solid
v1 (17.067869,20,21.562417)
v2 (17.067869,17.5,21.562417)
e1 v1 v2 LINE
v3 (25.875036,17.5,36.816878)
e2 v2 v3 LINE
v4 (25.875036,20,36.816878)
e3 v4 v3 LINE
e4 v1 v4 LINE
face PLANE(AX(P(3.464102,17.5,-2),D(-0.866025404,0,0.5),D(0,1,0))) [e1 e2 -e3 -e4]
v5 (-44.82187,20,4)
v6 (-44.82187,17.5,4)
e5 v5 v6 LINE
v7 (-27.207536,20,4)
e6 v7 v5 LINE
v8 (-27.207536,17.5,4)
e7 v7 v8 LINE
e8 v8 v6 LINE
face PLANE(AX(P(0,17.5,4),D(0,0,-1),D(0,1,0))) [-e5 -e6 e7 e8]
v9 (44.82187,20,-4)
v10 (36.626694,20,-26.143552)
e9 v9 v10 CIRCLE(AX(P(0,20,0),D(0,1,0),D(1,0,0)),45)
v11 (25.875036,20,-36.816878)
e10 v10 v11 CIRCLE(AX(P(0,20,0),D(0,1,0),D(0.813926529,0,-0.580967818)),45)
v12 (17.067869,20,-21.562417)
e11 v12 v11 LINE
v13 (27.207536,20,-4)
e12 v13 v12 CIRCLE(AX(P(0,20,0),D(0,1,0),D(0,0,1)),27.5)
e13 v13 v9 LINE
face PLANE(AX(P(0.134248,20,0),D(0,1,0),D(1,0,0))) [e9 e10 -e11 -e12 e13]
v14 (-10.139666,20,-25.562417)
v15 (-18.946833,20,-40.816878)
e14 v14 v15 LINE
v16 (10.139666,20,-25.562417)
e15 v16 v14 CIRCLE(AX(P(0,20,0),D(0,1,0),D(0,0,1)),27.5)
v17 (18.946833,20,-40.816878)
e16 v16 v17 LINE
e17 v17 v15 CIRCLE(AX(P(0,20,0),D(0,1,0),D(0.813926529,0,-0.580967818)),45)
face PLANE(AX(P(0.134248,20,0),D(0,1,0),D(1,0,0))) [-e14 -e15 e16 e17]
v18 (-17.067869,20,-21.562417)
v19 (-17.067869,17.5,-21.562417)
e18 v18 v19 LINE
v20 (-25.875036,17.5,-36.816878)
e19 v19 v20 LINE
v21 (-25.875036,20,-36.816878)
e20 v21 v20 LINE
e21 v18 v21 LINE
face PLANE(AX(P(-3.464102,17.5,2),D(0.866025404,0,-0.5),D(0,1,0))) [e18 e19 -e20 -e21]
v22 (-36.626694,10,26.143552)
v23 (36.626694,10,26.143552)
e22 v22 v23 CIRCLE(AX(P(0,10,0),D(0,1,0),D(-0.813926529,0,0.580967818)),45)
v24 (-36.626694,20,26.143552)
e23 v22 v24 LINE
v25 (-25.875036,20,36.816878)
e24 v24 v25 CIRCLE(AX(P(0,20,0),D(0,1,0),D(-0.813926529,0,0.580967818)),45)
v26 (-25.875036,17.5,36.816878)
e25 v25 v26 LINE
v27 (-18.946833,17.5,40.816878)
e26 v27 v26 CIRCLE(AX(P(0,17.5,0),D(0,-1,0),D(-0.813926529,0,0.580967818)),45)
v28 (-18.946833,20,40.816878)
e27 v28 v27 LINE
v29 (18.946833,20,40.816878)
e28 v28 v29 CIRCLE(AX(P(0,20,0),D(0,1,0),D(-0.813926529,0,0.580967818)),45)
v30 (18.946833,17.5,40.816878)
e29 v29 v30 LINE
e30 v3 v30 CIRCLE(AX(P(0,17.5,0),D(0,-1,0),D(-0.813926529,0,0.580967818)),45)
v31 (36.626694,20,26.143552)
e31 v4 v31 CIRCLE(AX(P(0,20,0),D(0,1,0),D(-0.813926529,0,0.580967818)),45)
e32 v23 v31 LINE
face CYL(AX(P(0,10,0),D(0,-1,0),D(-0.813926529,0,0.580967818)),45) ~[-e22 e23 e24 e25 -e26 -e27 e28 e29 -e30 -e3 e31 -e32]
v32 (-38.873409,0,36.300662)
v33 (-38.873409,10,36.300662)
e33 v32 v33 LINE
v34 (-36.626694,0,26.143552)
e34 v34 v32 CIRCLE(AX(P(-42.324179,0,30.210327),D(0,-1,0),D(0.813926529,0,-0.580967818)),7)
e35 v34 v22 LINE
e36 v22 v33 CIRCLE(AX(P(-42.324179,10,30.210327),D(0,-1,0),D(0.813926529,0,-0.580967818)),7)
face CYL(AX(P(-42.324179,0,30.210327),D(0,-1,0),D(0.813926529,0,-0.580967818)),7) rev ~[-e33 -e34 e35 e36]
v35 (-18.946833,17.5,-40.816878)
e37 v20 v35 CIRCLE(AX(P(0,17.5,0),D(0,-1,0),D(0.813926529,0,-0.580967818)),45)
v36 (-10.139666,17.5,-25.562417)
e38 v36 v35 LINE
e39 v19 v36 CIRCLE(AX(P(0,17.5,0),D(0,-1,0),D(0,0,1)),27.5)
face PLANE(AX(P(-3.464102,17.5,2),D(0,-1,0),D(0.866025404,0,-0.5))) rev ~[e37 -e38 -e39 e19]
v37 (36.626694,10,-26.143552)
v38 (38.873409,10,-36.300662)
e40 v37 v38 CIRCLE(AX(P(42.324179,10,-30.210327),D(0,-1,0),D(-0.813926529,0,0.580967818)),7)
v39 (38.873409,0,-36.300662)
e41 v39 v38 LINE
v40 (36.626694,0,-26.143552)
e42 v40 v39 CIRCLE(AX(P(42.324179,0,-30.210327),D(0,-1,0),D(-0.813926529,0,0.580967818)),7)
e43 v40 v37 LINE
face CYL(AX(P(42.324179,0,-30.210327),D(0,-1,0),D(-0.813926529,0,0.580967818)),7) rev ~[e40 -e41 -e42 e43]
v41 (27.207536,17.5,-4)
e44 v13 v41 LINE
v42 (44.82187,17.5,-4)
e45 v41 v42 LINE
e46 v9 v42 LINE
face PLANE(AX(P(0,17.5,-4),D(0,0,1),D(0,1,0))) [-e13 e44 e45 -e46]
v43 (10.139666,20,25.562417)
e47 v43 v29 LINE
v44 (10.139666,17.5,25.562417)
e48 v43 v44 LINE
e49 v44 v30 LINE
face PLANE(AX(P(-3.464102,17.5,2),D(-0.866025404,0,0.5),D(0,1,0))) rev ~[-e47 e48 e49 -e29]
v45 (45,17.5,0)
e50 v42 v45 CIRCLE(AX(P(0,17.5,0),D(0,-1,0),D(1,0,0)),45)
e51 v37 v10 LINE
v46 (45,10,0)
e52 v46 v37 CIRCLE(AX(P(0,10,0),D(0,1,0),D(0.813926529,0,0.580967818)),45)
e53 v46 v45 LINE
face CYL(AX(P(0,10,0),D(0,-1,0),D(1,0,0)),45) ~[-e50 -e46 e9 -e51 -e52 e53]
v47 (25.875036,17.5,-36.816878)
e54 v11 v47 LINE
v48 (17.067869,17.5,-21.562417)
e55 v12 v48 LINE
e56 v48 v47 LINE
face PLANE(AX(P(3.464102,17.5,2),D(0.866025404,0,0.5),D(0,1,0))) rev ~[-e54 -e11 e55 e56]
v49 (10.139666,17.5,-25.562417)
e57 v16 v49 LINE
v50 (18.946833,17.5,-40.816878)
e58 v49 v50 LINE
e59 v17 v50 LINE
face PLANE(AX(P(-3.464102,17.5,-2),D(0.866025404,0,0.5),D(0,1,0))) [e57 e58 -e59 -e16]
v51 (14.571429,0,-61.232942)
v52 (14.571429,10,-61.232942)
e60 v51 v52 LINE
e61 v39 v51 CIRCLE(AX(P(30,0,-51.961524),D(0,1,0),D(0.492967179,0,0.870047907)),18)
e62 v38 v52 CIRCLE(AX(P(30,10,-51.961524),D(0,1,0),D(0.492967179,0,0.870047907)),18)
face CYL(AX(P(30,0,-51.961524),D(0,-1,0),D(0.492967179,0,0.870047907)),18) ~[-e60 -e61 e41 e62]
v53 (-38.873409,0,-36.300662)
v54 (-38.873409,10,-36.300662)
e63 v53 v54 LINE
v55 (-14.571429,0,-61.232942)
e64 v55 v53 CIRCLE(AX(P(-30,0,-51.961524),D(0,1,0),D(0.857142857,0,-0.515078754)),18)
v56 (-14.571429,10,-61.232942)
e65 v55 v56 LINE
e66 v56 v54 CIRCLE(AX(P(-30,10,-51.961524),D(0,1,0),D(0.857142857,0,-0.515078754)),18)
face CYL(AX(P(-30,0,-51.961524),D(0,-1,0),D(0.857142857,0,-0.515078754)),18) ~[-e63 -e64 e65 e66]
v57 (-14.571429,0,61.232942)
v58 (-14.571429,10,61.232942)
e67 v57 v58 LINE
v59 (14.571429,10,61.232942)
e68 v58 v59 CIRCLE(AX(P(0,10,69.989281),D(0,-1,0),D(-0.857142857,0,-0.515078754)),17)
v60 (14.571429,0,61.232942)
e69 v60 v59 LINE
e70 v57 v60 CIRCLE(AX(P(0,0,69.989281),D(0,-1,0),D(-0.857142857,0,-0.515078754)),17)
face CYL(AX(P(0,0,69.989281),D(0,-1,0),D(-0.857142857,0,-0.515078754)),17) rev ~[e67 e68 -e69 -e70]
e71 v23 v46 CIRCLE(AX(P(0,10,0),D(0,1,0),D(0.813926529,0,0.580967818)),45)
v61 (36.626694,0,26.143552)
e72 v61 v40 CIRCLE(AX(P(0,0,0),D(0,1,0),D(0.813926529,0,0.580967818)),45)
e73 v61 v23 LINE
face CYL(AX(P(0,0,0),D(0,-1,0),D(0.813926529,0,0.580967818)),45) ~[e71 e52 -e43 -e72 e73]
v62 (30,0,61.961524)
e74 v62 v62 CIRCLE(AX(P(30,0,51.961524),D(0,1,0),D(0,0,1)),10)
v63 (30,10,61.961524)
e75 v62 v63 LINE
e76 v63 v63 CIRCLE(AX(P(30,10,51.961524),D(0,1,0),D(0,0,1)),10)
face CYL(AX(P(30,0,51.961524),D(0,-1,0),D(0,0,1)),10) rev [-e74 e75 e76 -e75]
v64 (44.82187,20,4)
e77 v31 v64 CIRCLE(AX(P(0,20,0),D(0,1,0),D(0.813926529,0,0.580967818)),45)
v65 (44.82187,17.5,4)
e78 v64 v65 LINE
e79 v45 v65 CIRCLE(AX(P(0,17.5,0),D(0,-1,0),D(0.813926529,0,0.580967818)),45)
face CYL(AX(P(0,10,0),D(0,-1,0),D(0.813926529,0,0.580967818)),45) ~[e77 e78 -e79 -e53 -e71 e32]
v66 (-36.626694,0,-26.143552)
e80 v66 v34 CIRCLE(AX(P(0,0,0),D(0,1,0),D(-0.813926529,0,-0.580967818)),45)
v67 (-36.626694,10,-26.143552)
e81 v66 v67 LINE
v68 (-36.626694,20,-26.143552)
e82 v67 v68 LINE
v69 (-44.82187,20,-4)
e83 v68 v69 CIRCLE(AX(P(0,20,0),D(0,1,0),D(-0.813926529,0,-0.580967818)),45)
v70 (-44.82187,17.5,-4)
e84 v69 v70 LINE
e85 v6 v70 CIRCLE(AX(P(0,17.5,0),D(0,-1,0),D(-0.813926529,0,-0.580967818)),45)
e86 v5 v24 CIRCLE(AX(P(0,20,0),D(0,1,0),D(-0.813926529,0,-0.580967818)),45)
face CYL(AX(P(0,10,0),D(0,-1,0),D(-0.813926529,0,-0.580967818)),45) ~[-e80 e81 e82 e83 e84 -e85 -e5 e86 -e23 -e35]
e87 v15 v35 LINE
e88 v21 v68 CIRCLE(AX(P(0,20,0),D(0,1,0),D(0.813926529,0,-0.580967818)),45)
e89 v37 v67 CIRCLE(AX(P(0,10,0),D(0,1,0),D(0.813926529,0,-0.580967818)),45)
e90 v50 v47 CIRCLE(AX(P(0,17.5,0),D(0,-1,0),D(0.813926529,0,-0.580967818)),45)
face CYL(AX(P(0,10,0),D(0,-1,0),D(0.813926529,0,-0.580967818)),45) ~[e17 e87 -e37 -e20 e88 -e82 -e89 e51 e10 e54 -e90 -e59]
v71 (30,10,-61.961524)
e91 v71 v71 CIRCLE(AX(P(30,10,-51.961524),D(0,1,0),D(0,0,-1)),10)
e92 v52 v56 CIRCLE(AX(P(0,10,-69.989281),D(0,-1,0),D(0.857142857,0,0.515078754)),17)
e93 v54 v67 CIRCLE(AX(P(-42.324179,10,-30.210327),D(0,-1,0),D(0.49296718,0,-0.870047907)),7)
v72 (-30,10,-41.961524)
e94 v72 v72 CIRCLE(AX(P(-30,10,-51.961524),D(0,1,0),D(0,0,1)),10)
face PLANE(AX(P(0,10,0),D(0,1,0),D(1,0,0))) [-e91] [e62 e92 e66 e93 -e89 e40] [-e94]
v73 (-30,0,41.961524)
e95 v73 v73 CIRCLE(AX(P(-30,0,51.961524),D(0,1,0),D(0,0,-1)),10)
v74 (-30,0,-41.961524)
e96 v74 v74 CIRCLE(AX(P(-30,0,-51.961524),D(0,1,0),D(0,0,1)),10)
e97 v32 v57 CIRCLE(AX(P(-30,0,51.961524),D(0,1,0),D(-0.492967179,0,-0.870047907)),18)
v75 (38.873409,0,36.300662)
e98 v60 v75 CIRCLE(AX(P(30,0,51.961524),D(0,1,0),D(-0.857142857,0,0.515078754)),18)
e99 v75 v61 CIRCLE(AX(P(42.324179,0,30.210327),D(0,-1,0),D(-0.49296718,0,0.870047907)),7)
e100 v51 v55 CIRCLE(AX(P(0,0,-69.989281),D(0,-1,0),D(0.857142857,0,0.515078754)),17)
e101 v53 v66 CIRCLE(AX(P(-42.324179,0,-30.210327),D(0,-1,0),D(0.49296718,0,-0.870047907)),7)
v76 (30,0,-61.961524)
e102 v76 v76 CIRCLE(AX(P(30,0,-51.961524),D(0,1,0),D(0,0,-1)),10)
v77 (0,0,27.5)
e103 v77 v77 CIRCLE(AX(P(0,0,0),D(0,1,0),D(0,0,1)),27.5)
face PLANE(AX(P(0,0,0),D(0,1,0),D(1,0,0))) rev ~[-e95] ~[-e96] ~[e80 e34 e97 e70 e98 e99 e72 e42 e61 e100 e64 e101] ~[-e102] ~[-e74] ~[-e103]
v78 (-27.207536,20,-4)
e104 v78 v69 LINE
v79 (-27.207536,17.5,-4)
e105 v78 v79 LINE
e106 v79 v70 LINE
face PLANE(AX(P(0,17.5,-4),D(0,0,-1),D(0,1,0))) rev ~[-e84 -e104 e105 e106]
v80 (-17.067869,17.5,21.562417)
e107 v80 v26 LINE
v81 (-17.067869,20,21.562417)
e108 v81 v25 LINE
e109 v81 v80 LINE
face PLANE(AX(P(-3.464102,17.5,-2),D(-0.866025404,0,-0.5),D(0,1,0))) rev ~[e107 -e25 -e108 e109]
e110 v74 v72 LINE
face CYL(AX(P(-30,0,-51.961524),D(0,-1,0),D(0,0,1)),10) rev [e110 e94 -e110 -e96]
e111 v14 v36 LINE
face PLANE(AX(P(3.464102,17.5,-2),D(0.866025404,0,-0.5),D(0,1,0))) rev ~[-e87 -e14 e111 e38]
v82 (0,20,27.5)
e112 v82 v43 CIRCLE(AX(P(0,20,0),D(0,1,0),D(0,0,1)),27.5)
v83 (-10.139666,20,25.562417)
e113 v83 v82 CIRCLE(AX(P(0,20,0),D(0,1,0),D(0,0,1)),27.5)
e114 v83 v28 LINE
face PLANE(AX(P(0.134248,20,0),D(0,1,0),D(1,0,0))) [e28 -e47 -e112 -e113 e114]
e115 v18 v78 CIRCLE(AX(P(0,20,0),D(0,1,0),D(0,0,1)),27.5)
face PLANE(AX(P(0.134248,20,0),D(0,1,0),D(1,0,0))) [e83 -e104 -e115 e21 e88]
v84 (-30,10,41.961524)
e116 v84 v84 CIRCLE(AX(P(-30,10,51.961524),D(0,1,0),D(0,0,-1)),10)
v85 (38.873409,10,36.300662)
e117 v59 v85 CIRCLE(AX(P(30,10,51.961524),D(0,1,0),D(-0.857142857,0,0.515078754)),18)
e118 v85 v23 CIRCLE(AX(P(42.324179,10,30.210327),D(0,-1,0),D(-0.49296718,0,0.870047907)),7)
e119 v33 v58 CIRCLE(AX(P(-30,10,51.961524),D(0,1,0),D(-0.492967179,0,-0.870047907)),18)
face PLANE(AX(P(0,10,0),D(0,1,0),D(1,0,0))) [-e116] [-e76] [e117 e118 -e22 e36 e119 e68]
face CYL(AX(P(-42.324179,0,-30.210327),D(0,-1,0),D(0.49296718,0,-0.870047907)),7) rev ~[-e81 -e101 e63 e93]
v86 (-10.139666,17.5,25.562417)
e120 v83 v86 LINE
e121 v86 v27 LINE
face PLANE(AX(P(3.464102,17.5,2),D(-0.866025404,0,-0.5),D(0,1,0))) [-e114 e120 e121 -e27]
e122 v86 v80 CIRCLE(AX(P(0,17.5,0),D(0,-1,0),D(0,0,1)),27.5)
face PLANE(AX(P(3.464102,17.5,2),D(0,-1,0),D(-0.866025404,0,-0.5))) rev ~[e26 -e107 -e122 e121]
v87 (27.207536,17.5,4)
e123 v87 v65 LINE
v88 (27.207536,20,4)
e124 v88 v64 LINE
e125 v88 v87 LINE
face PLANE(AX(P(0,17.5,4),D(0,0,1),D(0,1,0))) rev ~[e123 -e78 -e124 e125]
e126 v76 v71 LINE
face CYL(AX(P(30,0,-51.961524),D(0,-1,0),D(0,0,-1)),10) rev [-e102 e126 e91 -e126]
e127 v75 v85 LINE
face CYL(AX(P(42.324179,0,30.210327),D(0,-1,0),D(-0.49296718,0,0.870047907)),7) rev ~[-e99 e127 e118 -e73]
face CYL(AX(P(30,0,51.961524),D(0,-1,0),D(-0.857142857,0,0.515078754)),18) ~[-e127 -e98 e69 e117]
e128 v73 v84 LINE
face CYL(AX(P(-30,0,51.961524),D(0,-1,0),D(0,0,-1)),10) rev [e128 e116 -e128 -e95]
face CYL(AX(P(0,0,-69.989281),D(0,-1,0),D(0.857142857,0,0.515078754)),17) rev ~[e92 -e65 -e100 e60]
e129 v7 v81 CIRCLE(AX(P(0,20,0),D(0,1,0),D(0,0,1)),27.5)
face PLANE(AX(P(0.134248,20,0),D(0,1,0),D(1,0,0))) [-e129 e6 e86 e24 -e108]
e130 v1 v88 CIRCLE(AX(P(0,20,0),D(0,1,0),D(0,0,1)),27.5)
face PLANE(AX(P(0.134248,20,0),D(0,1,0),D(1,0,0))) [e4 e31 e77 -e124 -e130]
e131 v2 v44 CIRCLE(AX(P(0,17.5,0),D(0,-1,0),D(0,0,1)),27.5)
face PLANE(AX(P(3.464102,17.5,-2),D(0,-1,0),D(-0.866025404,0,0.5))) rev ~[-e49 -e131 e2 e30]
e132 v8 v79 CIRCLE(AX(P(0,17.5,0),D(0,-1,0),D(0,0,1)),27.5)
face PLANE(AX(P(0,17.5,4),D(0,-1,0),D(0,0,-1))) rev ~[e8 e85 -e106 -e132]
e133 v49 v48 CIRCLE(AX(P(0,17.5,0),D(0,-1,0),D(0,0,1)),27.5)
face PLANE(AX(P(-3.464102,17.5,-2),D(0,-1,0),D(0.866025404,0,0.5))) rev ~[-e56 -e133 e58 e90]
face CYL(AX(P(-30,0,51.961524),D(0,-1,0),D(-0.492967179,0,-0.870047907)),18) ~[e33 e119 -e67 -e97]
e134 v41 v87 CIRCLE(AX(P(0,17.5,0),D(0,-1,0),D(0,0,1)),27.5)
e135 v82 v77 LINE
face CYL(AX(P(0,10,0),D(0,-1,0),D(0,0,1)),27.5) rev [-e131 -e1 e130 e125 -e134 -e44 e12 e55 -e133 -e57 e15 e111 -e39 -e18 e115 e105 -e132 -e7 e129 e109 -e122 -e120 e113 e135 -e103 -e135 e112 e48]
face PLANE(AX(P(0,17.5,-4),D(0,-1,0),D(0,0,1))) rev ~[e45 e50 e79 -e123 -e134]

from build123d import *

# Parameters (mm, degrees)
SKETCH_1_R               = 27.5
SKETCH_1_R_2             = 10
EXTRUDE_1_DEPTH          = 10
SKETCH_2_R               = 27.5
EXTRUDE_2_DEPTH          = 10
SKETCH_3_W               = 8
SKETCH_3_H               = 2.5
CUT_EXTRUDE_2_DEPTH      = 108
PATTERN_CIRCULAR_2_COUNT = 6


with BuildPart() as part:
    # Эскиз1 → Бобышка-Вытянуть1 (new body)
    with BuildSketch(Plane(origin=(0, 0, 0), x_dir=(1, 0, 0), z_dir=(0, 1, 0))):
        with BuildLine():
            ThreePointArc((36.626693786, -26.14355183), (45, 0), (36.626693786, 26.14355183))
            ThreePointArc((36.626693786, 26.14355183), (35.489388485, 31.722157226), (38.87340923, 36.300661906))
            ThreePointArc((38.87340923, 36.300661906), (42.889809267, 64.52547333), (14.571428571, 61.232941793))
            ThreePointArc((14.571428571, 61.232941793), (0, 52.989280604), (-14.571428571, 61.232941793))
            ThreePointArc((-14.571428571, 61.232941793), (-42.889809267, 64.52547333), (-38.87340923, 36.300661906))
            ThreePointArc((-38.87340923, 36.300661906), (-35.489388485, 31.722157226), (-36.626693786, 26.14355183))
            ThreePointArc((-36.626693786, 26.14355183), (-45, 0), (-36.626693786, -26.14355183))
            ThreePointArc((-36.626693786, -26.14355183), (-35.489388485, -31.722157226), (-38.87340923, -36.300661906))
            ThreePointArc((-38.87340923, -36.300661906), (-42.889809267, -64.52547333), (-14.571428571, -61.232941793))
            ThreePointArc((-14.571428571, -61.232941793), (0, -52.989280604), (14.571428571, -61.232941793))
            ThreePointArc((14.571428571, -61.232941793), (42.889809267, -64.52547333), (38.87340923, -36.300661906))
            ThreePointArc((38.87340923, -36.300661906), (35.489388485, -31.722157226), (36.626693786, -26.14355183))
        make_face()
        Circle(SKETCH_1_R, mode=Mode.SUBTRACT)
        with Locations((30, -51.961524227)):
            Circle(SKETCH_1_R_2, mode=Mode.SUBTRACT)
        with Locations((-30, -51.961524227)):
            Circle(SKETCH_1_R_2, mode=Mode.SUBTRACT)
        with Locations((-30, 51.961524227)):
            Circle(SKETCH_1_R_2, mode=Mode.SUBTRACT)
        with Locations((30, 51.961524227)):
            Circle(SKETCH_1_R_2, mode=Mode.SUBTRACT)
    extrude(amount=EXTRUDE_1_DEPTH)

    # Эскиз2 → Бобышка-Вытянуть2 (add)
    with BuildSketch(Plane(origin=(0, 10, 0), x_dir=(1, 0, 0), z_dir=(0, 1, 0))):
        with BuildLine():
            ThreePointArc((36.626693786, 26.14355183), (0, 45), (-36.626693786, 26.14355183))
            ThreePointArc((-36.626693786, 26.14355183), (-45, 0), (-36.626693786, -26.14355183))
            ThreePointArc((-36.626693786, -26.14355183), (0, -45), (36.626693786, -26.14355183))
            ThreePointArc((36.626693786, -26.14355183), (42.855578519, -13.725865722), (45, 0))
            ThreePointArc((45, 0), (42.855578519, 13.725865722), (36.626693786, 26.14355183))
        make_face()
        Circle(SKETCH_2_R, mode=Mode.SUBTRACT)
    extrude(amount=EXTRUDE_2_DEPTH)

    # Эскиз3 → Вырез-Вытянуть2 (cut)
    with BuildSketch(Plane(origin=(0, 0, 0), x_dir=(0, 0, -1), z_dir=(1, 0, 0))):
        with Locations((0, 18.75)):
            Rectangle(SKETCH_3_W, SKETCH_3_H)
    cut_extrude_2 = extrude(amount=-CUT_EXTRUDE_2_DEPTH, mode=Mode.SUBTRACT)

    # Круговой массив2: Вырез-Вытянуть2 ×6 about axis
    pattern_circular_2_axis = Axis((0, -50, 0), (0, 1, 0))
    for i in range(1, PATTERN_CIRCULAR_2_COUNT):
        add(cut_extrude_2.rotate(pattern_circular_2_axis, i * 360 / PATTERN_CIRCULAR_2_COUNT), mode=Mode.SUBTRACT)


solid = part.part
